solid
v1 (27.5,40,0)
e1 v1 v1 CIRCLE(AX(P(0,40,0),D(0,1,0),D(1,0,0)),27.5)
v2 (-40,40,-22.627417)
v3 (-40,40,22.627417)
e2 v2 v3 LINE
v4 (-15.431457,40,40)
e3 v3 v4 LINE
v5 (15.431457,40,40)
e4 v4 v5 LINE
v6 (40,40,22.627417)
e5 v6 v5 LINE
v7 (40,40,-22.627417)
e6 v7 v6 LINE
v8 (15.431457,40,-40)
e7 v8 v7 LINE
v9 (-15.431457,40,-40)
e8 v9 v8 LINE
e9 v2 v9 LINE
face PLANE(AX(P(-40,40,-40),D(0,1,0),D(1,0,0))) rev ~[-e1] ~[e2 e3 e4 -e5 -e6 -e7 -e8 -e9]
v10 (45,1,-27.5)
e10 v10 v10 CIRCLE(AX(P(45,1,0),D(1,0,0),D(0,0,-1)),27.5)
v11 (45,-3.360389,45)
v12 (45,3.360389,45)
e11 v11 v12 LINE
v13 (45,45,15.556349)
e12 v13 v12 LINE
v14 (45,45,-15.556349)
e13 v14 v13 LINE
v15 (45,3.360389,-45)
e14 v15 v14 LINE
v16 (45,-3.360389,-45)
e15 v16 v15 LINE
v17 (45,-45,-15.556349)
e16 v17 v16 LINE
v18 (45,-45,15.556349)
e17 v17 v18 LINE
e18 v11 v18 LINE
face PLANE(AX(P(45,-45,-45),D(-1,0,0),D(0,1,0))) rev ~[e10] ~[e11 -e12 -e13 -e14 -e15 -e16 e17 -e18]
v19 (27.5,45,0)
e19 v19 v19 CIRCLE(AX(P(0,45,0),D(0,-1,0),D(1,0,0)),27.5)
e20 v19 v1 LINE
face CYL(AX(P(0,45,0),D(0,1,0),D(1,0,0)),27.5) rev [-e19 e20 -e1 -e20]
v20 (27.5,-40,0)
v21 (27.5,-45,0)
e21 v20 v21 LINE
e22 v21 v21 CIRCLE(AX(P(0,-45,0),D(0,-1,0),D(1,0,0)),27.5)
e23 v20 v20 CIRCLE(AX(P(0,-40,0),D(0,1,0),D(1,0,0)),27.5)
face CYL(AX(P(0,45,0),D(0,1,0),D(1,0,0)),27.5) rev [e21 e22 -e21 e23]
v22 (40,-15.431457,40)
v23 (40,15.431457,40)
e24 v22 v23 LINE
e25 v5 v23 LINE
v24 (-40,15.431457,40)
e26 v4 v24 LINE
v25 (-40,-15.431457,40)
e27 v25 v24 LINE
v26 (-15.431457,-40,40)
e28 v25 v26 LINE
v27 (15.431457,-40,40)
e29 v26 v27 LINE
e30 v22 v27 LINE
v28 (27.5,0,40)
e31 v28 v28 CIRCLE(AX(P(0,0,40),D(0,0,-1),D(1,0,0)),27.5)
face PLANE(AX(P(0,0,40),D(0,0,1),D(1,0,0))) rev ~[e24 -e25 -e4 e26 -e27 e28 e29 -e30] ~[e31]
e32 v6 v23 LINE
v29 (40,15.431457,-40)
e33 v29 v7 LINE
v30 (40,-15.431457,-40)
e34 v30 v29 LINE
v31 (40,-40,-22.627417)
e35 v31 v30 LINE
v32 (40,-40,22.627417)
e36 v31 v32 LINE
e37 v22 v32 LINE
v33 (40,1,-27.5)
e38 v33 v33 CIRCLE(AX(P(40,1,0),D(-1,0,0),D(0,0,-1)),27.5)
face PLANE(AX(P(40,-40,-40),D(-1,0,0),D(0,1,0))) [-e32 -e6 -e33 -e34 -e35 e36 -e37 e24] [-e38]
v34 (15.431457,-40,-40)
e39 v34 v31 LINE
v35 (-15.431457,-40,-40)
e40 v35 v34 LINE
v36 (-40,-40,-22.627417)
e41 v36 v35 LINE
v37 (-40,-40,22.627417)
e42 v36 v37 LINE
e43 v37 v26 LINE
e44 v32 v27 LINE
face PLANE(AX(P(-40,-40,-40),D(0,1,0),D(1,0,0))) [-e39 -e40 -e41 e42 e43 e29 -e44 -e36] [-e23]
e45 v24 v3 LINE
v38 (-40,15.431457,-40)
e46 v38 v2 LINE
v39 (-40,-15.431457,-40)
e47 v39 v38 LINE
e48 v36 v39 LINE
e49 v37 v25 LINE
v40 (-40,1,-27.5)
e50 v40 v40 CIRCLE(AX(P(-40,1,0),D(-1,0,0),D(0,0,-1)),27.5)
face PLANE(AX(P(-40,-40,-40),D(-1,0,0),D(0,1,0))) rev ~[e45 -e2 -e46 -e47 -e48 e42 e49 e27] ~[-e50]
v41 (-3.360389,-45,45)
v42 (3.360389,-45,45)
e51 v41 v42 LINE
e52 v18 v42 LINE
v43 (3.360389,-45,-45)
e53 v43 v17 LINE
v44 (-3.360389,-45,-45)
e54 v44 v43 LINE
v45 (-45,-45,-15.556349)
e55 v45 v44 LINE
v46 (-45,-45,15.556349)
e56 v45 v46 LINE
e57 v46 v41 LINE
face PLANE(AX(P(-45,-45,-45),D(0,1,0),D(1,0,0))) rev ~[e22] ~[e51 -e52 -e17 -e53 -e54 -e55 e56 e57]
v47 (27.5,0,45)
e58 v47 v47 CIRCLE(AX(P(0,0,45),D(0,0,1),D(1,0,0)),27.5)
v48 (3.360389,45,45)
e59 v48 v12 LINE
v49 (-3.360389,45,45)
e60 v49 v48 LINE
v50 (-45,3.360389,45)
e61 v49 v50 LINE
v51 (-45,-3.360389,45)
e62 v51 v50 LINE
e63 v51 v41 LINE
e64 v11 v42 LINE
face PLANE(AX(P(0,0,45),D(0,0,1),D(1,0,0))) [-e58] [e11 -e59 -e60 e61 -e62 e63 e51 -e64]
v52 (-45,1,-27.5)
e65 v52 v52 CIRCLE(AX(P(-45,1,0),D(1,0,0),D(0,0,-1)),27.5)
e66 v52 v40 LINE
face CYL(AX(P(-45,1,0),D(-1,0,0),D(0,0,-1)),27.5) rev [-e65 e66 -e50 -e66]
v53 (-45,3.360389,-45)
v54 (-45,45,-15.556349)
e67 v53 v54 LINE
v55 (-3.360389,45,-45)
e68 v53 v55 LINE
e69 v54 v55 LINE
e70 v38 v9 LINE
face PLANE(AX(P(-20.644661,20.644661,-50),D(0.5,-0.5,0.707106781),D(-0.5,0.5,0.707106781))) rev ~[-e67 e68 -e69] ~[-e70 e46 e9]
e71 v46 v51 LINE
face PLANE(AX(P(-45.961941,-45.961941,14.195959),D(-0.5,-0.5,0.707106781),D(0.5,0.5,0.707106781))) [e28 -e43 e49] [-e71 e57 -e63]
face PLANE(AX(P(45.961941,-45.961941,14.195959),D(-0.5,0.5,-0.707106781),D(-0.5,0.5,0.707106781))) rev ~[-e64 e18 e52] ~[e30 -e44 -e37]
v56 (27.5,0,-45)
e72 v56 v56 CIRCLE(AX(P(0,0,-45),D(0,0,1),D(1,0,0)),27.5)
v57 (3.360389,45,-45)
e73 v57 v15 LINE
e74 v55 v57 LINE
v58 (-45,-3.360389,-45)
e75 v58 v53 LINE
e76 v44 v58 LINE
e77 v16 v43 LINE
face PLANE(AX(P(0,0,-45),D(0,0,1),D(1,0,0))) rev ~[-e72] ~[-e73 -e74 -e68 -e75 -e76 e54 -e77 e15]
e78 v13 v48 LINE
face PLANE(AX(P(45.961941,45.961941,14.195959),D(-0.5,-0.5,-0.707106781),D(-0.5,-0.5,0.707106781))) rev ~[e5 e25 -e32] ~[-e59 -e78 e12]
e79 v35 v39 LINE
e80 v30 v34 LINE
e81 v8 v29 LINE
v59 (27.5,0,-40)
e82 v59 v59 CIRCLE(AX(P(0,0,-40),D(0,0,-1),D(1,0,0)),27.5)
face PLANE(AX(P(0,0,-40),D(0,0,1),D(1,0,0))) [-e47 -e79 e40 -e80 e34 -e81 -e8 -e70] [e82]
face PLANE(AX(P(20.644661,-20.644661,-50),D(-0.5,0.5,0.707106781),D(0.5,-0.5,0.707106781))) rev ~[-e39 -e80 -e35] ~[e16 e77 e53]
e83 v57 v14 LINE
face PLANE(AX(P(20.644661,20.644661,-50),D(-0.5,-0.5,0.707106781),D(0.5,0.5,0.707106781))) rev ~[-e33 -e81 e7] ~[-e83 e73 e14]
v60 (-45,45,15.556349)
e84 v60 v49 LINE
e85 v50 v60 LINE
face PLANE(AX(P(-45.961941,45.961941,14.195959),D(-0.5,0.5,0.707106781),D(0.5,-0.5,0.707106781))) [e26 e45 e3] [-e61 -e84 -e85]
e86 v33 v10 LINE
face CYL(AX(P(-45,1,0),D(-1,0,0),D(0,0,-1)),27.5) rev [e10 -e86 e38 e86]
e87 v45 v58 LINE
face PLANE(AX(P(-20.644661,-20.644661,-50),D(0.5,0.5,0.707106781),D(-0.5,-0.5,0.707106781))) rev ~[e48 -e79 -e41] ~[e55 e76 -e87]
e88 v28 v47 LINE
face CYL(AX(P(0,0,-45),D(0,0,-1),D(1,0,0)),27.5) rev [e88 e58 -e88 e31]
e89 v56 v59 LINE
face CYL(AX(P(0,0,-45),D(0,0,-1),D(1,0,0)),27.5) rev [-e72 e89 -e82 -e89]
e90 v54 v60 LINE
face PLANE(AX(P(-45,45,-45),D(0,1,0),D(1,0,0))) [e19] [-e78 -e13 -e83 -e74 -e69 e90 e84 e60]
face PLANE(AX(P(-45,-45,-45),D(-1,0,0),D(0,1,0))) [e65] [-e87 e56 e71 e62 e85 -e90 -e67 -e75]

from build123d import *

# Parameters (mm, degrees)
EXTRUDE001_DEPTH           = 30
EXTRUDE001_PLACEMENT_ANGLE = 315
EXTRUDE_DEPTH              = 30
EXTRUDE_PLACEMENT_ANGLE    = 45
CYLINDER002_R              = 27.5
CYLINDER002_DEPTH          = 90
CYLINDER001_R              = 27.5
CYLINDER001_DEPTH          = 90
CYLINDER_R                 = 27.5
CYLINDER_DEPTH             = 90
BOX001_W                   = 80
BOX001_H                   = 80
BOX001_DEPTH               = 80
BOX_W                      = 90
BOX_H                      = 90
BOX_DEPTH                  = 90


with BuildPart() as extrude001:
    # Sketch001 → Extrude001 (new body, symmetric)
    with BuildSketch(Plane.XZ):
        Polygon((-29.195959, 50), (-65, 50), (-65, 14.195959), align=None)
        Polygon((29.195959, 50), (65, 50), (65, 14.195959), align=None)
        Polygon((65, -14.195959), (65, -50), (29.195959, -50), align=None)
        Polygon((-65, -14.195959), (-65, -50), (-29.195959, -50), align=None)
    extrude(amount=EXTRUDE001_DEPTH, both=True)


with BuildPart() as extrude001_1:
    # Extrude001 placement: moved
    add(extrude001.part.rotate(Axis((0, 0, 0), (0, 0, 1)), EXTRUDE001_PLACEMENT_ANGLE))


with BuildPart() as extrude_body:
    # Sketch → Extrude (new body, symmetric)
    with BuildSketch(Plane.XZ):
        Polygon((-29.195959, 50), (-65, 50), (-65, 14.195959), align=None)
        Polygon((29.195959, 50), (65, 50), (65, 14.195959), align=None)
        Polygon((65, -14.195959), (65, -50), (29.195959, -50), align=None)
        Polygon((-65, -14.195959), (-65, -50), (-29.195959, -50), align=None)
    extrude(amount=EXTRUDE_DEPTH, both=True)


with BuildPart() as extrude_body_1:
    # Extrude placement: moved
    add(extrude_body.part.rotate(Axis((0, 0, 0), (0, 0, 1)), EXTRUDE_PLACEMENT_ANGLE))


with BuildPart() as cylinder002:
    # Cylinder002 → Cylinder002 (new body)
    with BuildSketch(Plane(origin=(-45, 1, 0), x_dir=(0, 0, -1), z_dir=(1, 0, 0))):
        Circle(CYLINDER002_R)
    extrude(amount=CYLINDER002_DEPTH)


with BuildPart() as cylinder001:
    # Cylinder001 → Cylinder001 (new body)
    with BuildSketch(Plane.XZ.offset(-45)):
        Circle(CYLINDER001_R)
    extrude(amount=CYLINDER001_DEPTH)


with BuildPart() as cylinder:
    # Cylinder → Cylinder (new body)
    with BuildSketch(Plane.XY.offset(-45)):
        Circle(CYLINDER_R)
    extrude(amount=CYLINDER_DEPTH)


with BuildPart() as cube001:
    # Box001 → Box001 (new body)
    with BuildSketch(Plane(origin=(-40, -40, -40), x_dir=(1, 0, 0), z_dir=(0, 0, 1))):
        with Locations((40, 40)):
            Rectangle(BOX001_W, BOX001_H)
    extrude(amount=BOX001_DEPTH)


with BuildPart() as cut005:
    # Box → Box (new body)
    with BuildSketch(Plane(origin=(-45, -45, -45), x_dir=(1, 0, 0), z_dir=(0, 0, 1))):
        with Locations((45, 45)):
            Rectangle(BOX_W, BOX_H)
    extrude(amount=BOX_DEPTH)

    # Cut: cut Cube001
    add(cube001.part, mode=Mode.SUBTRACT)

    # Cut001: cut Cylinder
    add(cylinder.part, mode=Mode.SUBTRACT)

    # Cut002: cut Cylinder001
    add(cylinder001.part, mode=Mode.SUBTRACT)

    # Cut003: cut Cylinder002
    add(cylinder002.part, mode=Mode.SUBTRACT)

    # Cut004: cut Extrude body
    add(extrude_body_1.part, mode=Mode.SUBTRACT)

    # Cut005: cut Extrude001
    add(extrude001_1.part, mode=Mode.SUBTRACT)


solid = cut005.part
